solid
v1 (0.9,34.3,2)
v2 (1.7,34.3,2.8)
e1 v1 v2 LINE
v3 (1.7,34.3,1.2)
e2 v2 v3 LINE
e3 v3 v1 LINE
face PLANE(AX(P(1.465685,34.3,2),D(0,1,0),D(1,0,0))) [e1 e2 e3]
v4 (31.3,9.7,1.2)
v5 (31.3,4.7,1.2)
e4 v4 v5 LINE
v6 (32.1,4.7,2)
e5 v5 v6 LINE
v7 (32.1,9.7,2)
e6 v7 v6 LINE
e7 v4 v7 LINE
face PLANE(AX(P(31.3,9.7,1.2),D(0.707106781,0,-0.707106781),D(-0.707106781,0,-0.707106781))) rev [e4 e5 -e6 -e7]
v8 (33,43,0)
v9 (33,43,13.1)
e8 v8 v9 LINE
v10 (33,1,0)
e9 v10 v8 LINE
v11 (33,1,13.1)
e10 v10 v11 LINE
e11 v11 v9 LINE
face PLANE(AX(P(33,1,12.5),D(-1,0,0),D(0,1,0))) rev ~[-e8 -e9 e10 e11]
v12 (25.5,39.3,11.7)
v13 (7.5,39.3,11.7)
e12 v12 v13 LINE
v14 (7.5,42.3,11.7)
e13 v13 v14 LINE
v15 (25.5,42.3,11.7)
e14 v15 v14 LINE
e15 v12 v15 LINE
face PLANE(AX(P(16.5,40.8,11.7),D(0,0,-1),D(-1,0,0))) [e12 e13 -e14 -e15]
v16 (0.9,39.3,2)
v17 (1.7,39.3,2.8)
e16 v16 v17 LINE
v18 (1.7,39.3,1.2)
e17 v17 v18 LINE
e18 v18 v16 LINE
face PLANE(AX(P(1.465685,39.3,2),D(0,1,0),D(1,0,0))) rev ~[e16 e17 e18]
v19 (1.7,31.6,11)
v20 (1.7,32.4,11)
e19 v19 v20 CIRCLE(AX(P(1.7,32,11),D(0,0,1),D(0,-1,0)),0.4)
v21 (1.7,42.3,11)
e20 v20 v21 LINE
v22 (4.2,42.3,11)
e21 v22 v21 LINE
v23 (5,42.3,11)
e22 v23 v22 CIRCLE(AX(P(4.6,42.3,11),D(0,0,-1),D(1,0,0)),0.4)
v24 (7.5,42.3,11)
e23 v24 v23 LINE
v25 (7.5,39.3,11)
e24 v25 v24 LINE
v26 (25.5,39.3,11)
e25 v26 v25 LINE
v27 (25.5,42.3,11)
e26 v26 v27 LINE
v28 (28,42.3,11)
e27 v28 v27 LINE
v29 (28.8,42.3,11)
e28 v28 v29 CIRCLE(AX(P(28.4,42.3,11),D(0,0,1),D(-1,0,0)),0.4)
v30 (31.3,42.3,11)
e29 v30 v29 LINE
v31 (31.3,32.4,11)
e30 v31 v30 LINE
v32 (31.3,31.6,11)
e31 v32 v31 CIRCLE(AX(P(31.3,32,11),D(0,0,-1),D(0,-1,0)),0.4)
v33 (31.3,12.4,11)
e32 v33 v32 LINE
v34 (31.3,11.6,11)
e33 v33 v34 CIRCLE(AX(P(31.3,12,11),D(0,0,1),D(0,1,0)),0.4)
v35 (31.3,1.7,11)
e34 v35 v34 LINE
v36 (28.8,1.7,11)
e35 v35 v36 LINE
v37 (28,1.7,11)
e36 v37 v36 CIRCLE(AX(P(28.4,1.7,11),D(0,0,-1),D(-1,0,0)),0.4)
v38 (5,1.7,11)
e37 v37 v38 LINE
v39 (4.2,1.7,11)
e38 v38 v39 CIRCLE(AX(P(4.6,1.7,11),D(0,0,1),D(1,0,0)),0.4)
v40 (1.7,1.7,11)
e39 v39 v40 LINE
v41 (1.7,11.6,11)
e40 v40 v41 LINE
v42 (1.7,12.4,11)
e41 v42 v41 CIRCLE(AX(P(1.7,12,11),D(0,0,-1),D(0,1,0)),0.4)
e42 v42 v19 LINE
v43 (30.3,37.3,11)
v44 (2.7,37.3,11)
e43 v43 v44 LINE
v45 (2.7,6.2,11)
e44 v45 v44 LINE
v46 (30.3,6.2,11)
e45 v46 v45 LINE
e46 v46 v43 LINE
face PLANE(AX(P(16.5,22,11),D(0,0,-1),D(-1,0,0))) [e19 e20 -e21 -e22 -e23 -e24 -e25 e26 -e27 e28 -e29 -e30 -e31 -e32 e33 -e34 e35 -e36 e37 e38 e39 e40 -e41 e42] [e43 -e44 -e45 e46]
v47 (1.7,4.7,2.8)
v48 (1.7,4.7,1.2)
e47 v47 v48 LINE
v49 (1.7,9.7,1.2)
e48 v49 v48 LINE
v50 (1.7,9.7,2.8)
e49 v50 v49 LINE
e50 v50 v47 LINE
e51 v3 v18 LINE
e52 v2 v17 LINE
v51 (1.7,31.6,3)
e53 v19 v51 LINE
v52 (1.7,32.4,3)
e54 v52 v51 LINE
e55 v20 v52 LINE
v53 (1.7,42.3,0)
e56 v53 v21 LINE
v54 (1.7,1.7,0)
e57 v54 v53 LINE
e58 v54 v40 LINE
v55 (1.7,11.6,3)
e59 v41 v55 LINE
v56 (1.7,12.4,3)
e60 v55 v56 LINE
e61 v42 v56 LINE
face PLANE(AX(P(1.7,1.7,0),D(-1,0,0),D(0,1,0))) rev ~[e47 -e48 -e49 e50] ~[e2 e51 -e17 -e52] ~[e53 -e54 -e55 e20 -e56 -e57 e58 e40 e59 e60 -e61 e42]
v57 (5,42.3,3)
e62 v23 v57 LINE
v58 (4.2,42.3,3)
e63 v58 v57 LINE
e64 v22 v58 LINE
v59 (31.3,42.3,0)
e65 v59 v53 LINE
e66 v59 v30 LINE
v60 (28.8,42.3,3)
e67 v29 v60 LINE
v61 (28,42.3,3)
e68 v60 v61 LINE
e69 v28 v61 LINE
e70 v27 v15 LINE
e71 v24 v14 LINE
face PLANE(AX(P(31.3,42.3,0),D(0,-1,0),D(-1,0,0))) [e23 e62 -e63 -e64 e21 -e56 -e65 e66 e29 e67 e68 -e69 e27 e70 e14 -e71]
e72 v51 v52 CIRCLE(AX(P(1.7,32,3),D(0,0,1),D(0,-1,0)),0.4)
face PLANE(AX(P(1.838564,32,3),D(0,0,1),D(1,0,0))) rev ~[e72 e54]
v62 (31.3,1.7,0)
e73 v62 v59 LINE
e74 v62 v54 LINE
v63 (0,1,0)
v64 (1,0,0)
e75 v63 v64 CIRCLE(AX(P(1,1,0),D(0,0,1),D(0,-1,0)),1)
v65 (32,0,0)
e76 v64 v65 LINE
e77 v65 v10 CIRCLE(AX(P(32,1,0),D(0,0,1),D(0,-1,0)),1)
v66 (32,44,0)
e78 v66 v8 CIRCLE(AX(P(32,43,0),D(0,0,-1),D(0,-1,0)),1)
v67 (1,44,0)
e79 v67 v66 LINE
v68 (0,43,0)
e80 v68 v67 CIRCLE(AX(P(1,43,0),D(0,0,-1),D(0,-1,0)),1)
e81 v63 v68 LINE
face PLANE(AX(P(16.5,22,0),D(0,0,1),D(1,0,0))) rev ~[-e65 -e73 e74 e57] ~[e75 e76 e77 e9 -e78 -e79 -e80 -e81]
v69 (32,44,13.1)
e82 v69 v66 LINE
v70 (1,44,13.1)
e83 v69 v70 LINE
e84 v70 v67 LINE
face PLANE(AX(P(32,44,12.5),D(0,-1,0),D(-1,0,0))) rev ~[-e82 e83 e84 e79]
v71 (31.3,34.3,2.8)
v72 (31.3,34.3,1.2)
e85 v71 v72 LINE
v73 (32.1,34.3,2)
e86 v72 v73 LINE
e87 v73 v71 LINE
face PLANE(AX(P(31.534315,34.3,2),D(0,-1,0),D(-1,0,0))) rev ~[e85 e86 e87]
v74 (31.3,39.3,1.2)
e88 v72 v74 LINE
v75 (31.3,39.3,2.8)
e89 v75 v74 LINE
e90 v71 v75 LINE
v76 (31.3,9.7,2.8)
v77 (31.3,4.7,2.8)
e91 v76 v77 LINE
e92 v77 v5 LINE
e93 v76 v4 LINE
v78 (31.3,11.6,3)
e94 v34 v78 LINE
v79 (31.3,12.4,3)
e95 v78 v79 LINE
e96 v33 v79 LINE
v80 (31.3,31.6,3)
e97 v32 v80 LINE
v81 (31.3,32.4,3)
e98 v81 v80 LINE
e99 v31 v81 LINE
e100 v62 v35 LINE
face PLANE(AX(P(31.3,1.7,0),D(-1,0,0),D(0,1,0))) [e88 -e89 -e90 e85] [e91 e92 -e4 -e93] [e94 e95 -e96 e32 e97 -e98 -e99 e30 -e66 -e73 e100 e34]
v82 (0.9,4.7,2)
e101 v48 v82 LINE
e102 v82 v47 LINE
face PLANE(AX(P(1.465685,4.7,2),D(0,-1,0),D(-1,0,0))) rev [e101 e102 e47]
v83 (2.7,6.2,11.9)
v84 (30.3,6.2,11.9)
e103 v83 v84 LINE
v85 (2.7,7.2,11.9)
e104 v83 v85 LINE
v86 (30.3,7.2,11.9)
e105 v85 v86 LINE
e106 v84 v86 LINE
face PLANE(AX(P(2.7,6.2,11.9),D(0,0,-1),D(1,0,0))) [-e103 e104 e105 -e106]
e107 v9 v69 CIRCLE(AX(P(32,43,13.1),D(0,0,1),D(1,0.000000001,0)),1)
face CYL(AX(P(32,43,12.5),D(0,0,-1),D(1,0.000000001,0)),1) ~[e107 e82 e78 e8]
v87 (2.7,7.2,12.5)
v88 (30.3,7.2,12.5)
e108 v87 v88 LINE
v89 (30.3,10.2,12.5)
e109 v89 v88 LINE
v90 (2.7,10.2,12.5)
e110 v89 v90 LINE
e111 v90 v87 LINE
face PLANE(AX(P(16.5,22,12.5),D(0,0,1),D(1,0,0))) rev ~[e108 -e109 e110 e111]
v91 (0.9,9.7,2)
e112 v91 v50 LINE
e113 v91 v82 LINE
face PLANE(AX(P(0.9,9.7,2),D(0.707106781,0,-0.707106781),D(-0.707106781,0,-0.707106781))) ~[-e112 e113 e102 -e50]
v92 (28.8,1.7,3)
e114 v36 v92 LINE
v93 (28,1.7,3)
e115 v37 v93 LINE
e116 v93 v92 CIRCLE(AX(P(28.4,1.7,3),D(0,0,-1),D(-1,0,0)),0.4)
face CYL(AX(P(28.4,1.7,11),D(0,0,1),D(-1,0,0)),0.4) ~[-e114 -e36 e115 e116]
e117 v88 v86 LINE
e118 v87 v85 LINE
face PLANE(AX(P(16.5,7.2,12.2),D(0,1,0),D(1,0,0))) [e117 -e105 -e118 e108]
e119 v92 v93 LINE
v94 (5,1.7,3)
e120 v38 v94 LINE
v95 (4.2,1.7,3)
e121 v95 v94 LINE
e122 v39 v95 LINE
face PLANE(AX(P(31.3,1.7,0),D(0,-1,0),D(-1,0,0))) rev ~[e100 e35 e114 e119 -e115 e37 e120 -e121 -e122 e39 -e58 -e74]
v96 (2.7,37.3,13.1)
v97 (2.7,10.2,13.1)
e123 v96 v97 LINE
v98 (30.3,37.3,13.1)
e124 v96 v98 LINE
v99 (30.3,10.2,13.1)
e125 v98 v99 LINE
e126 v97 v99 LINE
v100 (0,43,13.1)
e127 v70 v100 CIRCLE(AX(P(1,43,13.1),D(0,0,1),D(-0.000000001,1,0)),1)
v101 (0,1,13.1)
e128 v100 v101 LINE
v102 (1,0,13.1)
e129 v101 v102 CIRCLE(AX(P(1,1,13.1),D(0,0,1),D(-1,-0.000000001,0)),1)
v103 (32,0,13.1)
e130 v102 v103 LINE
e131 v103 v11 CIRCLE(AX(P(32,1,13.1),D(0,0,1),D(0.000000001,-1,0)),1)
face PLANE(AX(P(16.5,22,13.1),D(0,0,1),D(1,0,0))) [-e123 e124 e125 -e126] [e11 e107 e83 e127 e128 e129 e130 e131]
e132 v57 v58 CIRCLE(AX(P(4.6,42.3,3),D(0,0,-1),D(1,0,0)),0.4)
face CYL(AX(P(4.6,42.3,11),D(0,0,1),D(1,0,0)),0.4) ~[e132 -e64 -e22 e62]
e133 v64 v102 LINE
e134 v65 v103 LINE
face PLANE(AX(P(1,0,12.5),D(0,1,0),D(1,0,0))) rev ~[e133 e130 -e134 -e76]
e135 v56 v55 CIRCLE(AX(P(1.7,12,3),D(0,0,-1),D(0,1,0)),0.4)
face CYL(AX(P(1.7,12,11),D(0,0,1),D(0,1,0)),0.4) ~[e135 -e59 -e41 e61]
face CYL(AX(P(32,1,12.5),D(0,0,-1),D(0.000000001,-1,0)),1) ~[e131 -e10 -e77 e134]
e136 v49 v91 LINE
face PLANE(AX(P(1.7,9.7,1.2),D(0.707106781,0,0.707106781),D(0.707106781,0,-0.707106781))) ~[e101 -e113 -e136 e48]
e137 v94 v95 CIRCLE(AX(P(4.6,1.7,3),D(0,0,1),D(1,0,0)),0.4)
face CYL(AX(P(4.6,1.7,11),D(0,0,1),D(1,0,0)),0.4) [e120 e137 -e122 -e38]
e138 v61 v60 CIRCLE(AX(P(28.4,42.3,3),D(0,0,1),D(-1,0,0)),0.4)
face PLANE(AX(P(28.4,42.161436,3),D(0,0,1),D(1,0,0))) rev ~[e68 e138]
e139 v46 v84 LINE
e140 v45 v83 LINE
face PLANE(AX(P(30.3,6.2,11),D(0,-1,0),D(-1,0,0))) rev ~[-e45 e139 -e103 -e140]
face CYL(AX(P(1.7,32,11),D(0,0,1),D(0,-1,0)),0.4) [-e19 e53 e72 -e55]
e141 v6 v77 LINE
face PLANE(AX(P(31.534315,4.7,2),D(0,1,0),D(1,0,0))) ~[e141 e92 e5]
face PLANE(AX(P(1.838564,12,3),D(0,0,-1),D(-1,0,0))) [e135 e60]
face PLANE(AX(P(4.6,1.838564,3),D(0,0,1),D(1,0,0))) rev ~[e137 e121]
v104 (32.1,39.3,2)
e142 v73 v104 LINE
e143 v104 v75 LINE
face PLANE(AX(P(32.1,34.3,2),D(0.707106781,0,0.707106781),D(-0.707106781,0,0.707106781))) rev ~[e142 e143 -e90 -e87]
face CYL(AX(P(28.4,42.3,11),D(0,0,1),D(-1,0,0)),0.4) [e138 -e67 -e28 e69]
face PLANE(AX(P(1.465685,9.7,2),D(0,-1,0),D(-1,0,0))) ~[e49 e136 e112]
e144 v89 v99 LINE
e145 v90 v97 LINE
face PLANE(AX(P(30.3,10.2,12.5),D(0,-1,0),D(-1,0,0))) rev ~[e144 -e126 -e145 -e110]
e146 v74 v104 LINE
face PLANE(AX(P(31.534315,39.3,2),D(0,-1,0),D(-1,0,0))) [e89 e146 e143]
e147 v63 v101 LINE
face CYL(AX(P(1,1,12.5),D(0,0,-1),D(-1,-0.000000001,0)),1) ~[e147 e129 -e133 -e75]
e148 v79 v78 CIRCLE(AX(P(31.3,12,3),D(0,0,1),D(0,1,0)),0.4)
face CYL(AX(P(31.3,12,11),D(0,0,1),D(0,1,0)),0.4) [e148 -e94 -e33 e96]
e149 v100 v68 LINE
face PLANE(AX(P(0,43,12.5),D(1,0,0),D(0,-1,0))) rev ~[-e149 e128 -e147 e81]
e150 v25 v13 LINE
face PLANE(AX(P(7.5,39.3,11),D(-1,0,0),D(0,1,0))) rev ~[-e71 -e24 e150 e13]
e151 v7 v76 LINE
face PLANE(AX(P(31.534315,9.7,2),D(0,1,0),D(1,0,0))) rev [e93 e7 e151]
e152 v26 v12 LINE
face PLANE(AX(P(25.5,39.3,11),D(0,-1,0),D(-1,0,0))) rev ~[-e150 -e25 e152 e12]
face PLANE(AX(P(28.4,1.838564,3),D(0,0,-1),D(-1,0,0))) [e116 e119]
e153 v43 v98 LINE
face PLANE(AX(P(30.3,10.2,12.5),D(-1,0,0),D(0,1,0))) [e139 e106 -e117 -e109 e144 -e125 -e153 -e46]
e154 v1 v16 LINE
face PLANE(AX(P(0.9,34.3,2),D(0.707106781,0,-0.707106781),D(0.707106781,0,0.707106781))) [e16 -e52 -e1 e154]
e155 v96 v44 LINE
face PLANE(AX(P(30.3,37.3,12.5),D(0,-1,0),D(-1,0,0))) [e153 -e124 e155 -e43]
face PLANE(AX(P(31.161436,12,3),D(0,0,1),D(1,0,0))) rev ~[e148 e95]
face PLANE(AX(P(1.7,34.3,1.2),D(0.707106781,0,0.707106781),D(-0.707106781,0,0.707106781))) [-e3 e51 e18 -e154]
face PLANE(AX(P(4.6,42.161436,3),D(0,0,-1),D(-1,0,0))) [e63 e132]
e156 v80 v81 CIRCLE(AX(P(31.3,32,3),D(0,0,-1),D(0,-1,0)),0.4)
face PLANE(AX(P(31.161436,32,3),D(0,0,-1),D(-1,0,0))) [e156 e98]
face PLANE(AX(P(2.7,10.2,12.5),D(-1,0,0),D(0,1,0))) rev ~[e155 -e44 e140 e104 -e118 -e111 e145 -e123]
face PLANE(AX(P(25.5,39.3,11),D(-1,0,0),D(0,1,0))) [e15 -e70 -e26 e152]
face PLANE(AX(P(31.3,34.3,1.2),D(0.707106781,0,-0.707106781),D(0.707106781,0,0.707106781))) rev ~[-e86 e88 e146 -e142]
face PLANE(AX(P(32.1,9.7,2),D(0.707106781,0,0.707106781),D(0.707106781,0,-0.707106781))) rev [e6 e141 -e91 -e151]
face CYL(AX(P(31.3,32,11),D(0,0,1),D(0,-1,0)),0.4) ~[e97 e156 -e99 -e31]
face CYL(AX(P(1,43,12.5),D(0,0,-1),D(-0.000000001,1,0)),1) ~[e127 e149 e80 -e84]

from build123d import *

# Parameters (mm, degrees)
SKETCH_1_W          = 33
SKETCH_1_H          = 44
EXTRUDE_1_DEPTH     = 12.5
SKETCH_2_W          = 29.6
SKETCH_2_H          = 40.6
CUT_EXTRUDE_2_DEPTH = 11
SKETCH_3_W          = 27.6
SKETCH_3_H          = 31.1
CUT_EXTRUDE_3_DEPTH = 2.5
SKETCH_4_W          = 18
SKETCH_4_H          = 3
CUT_EXTRUDE_4_DEPTH = 0.7
FILLET_1_R          = 1
SKETCH_5_W          = 27.6
SKETCH_5_H          = 0.6
EXTRUDE_2_DEPTH     = 1
EXTRUDE_3_DEPTH     = 8
EXTRUDE_4_DEPTH     = 0.6
SKETCH_8_W          = 27.6
SKETCH_8_H          = 27.1
CUT_EXTRUDE_5_DEPTH = 1.6
CUT_EXTRUDE_6_DEPTH = 5


with BuildPart() as part:
    # 草图1 → 凸台-拉伸1 (new body)
    with BuildSketch(Plane.XY):
        with Locations((16.5, 22)):
            Rectangle(SKETCH_1_W, SKETCH_1_H)
    extrude(amount=EXTRUDE_1_DEPTH)

    # 草图2 → 切除-拉伸2 (cut)
    with BuildSketch(Plane(origin=(0, 0, 0), x_dir=(-1, 0, 0), z_dir=(0, 0, -1))):
        with Locations((-16.5, 22)):
            Rectangle(SKETCH_2_W, SKETCH_2_H)
    extrude(amount=-CUT_EXTRUDE_2_DEPTH, mode=Mode.SUBTRACT)

    # 草图3 → 切除-拉伸3 (cut, through all)
    with BuildSketch(Plane(origin=(0, 0, 11), x_dir=(-1, 0, 0), z_dir=(0, 0, -1))):
        with Locations((-16.5, 21.75)):
            Rectangle(SKETCH_3_W, SKETCH_3_H)
    extrude(amount=-CUT_EXTRUDE_3_DEPTH, mode=Mode.SUBTRACT)

    # 草图4 → 切除-拉伸4 (cut)
    with BuildSketch(Plane(origin=(0, 0, 11), x_dir=(-1, 0, 0), z_dir=(0, 0, -1))):
        with Locations((-16.5, 40.8)):
            Rectangle(SKETCH_4_W, SKETCH_4_H)
    extrude(amount=-CUT_EXTRUDE_4_DEPTH, mode=Mode.SUBTRACT)

    # 圆角1
    fillet_1_edges = [part.edges().sort_by_distance(p)[0] for p in [
        (0, 44, 6.25),
        (33, 44, 6.25),
        (33, 0, 6.25),
        (0, 0, 6.25),
    ]]
    fillet(fillet_1_edges, radius=FILLET_1_R)

    # 草图5 → 凸台-拉伸2 (add)
    with BuildSketch(Plane(origin=(0, 6.2, 0), x_dir=(1, 0, 0), z_dir=(0, 1, 0))):
        with Locations((16.5, -12.2)):
            Rectangle(SKETCH_5_W, SKETCH_5_H)
    extrude(amount=EXTRUDE_2_DEPTH)

    # 草图6 → 凸台-拉伸3 (add)
    with BuildSketch(Plane(origin=(0, 0, 11), x_dir=(-1, 0, 0), z_dir=(0, 0, -1))):
        with BuildLine():
            Line((-31.3, 11.6), (-31.3, 12.4))
            ThreePointArc((-31.3, 12.4), (-30.9, 12), (-31.3, 11.6))
        make_face()
        with BuildLine():
            Line((-31.3, 32.4), (-31.3, 31.6))
            ThreePointArc((-31.3, 31.6), (-30.9, 32), (-31.3, 32.4))
        make_face()
        with BuildLine():
            Line((-28.8, 42.3), (-28, 42.3))
            ThreePointArc((-28, 42.3), (-28.4, 41.9), (-28.8, 42.3))
        make_face()
        with BuildLine():
            Line((-28.8, 1.7), (-28, 1.7))
            ThreePointArc((-28, 1.7), (-28.4, 2.1), (-28.8, 1.7))
        make_face()
        with BuildLine():
            Line((-4.2, 1.7), (-5, 1.7))
            ThreePointArc((-5, 1.7), (-4.6, 2.1), (-4.2, 1.7))
        make_face()
        with BuildLine():
            Line((-4.2, 42.3), (-5, 42.3))
            ThreePointArc((-5, 42.3), (-4.6, 41.9), (-4.2, 42.3))
        make_face()
        with BuildLine():
            Line((-1.7, 32.4), (-1.7, 31.6))
            ThreePointArc((-1.7, 31.6), (-2.1, 32), (-1.7, 32.4))
        make_face()
        with BuildLine():
            Line((-1.7, 11.6), (-1.7, 12.4))
            ThreePointArc((-1.7, 12.4), (-2.1, 12), (-1.7, 11.6))
        make_face()
    extrude(amount=EXTRUDE_3_DEPTH)

    # 草图7 → 凸台-拉伸4 (add)
    with BuildSketch(Plane.XY.offset(12.5)):
        with BuildLine():
            Line((0, 43), (0, 1))
            ThreePointArc((0, 1), (0.292893219, 0.292893219), (1, 0))
            Line((1, 0), (32, 0))
            ThreePointArc((32, 0), (32.707106781, 0.292893219), (33, 1))
            Line((33, 1), (33, 43))
            ThreePointArc((33, 43), (32.707106781, 43.707106781), (32, 44))
            Line((32, 44), (1, 44))
            ThreePointArc((1, 44), (0.292893219, 43.707106781), (0, 43))
        make_face()
    extrude(amount=EXTRUDE_4_DEPTH)

    # 草图8 → 切除-拉伸5 (cut, through all)
    with BuildSketch(Plane(origin=(0, 0, 12.5), x_dir=(-1, 0, 0), z_dir=(0, 0, -1))):
        with Locations((-16.5, 23.75)):
            Rectangle(SKETCH_8_W, SKETCH_8_H)
    extrude(amount=-CUT_EXTRUDE_5_DEPTH, mode=Mode.SUBTRACT)

    # 草图9 → 切除-拉伸6 (cut)
    with BuildSketch(Plane(origin=(0, 34.3, 0), x_dir=(-1, 0, 0), z_dir=(0, -1, 0))):
        Polygon((-31.3, -1.2), (-32.1, -2), (-31.3, -2.8), align=None)
        Polygon((-1.7, -2.8), (-1.7, -1.2), (-0.9, -2), align=None)
    cut_extrude_6 = extrude(amount=-CUT_EXTRUDE_6_DEPTH, mode=Mode.SUBTRACT)

    # 镜向1: 切除-拉伸6 across plane
    add(cut_extrude_6.mirror(Plane(origin=(0, 22, 0), x_dir=(0, 0, 1), z_dir=(0, -1, 0))), mode=Mode.SUBTRACT)


solid = part.part
